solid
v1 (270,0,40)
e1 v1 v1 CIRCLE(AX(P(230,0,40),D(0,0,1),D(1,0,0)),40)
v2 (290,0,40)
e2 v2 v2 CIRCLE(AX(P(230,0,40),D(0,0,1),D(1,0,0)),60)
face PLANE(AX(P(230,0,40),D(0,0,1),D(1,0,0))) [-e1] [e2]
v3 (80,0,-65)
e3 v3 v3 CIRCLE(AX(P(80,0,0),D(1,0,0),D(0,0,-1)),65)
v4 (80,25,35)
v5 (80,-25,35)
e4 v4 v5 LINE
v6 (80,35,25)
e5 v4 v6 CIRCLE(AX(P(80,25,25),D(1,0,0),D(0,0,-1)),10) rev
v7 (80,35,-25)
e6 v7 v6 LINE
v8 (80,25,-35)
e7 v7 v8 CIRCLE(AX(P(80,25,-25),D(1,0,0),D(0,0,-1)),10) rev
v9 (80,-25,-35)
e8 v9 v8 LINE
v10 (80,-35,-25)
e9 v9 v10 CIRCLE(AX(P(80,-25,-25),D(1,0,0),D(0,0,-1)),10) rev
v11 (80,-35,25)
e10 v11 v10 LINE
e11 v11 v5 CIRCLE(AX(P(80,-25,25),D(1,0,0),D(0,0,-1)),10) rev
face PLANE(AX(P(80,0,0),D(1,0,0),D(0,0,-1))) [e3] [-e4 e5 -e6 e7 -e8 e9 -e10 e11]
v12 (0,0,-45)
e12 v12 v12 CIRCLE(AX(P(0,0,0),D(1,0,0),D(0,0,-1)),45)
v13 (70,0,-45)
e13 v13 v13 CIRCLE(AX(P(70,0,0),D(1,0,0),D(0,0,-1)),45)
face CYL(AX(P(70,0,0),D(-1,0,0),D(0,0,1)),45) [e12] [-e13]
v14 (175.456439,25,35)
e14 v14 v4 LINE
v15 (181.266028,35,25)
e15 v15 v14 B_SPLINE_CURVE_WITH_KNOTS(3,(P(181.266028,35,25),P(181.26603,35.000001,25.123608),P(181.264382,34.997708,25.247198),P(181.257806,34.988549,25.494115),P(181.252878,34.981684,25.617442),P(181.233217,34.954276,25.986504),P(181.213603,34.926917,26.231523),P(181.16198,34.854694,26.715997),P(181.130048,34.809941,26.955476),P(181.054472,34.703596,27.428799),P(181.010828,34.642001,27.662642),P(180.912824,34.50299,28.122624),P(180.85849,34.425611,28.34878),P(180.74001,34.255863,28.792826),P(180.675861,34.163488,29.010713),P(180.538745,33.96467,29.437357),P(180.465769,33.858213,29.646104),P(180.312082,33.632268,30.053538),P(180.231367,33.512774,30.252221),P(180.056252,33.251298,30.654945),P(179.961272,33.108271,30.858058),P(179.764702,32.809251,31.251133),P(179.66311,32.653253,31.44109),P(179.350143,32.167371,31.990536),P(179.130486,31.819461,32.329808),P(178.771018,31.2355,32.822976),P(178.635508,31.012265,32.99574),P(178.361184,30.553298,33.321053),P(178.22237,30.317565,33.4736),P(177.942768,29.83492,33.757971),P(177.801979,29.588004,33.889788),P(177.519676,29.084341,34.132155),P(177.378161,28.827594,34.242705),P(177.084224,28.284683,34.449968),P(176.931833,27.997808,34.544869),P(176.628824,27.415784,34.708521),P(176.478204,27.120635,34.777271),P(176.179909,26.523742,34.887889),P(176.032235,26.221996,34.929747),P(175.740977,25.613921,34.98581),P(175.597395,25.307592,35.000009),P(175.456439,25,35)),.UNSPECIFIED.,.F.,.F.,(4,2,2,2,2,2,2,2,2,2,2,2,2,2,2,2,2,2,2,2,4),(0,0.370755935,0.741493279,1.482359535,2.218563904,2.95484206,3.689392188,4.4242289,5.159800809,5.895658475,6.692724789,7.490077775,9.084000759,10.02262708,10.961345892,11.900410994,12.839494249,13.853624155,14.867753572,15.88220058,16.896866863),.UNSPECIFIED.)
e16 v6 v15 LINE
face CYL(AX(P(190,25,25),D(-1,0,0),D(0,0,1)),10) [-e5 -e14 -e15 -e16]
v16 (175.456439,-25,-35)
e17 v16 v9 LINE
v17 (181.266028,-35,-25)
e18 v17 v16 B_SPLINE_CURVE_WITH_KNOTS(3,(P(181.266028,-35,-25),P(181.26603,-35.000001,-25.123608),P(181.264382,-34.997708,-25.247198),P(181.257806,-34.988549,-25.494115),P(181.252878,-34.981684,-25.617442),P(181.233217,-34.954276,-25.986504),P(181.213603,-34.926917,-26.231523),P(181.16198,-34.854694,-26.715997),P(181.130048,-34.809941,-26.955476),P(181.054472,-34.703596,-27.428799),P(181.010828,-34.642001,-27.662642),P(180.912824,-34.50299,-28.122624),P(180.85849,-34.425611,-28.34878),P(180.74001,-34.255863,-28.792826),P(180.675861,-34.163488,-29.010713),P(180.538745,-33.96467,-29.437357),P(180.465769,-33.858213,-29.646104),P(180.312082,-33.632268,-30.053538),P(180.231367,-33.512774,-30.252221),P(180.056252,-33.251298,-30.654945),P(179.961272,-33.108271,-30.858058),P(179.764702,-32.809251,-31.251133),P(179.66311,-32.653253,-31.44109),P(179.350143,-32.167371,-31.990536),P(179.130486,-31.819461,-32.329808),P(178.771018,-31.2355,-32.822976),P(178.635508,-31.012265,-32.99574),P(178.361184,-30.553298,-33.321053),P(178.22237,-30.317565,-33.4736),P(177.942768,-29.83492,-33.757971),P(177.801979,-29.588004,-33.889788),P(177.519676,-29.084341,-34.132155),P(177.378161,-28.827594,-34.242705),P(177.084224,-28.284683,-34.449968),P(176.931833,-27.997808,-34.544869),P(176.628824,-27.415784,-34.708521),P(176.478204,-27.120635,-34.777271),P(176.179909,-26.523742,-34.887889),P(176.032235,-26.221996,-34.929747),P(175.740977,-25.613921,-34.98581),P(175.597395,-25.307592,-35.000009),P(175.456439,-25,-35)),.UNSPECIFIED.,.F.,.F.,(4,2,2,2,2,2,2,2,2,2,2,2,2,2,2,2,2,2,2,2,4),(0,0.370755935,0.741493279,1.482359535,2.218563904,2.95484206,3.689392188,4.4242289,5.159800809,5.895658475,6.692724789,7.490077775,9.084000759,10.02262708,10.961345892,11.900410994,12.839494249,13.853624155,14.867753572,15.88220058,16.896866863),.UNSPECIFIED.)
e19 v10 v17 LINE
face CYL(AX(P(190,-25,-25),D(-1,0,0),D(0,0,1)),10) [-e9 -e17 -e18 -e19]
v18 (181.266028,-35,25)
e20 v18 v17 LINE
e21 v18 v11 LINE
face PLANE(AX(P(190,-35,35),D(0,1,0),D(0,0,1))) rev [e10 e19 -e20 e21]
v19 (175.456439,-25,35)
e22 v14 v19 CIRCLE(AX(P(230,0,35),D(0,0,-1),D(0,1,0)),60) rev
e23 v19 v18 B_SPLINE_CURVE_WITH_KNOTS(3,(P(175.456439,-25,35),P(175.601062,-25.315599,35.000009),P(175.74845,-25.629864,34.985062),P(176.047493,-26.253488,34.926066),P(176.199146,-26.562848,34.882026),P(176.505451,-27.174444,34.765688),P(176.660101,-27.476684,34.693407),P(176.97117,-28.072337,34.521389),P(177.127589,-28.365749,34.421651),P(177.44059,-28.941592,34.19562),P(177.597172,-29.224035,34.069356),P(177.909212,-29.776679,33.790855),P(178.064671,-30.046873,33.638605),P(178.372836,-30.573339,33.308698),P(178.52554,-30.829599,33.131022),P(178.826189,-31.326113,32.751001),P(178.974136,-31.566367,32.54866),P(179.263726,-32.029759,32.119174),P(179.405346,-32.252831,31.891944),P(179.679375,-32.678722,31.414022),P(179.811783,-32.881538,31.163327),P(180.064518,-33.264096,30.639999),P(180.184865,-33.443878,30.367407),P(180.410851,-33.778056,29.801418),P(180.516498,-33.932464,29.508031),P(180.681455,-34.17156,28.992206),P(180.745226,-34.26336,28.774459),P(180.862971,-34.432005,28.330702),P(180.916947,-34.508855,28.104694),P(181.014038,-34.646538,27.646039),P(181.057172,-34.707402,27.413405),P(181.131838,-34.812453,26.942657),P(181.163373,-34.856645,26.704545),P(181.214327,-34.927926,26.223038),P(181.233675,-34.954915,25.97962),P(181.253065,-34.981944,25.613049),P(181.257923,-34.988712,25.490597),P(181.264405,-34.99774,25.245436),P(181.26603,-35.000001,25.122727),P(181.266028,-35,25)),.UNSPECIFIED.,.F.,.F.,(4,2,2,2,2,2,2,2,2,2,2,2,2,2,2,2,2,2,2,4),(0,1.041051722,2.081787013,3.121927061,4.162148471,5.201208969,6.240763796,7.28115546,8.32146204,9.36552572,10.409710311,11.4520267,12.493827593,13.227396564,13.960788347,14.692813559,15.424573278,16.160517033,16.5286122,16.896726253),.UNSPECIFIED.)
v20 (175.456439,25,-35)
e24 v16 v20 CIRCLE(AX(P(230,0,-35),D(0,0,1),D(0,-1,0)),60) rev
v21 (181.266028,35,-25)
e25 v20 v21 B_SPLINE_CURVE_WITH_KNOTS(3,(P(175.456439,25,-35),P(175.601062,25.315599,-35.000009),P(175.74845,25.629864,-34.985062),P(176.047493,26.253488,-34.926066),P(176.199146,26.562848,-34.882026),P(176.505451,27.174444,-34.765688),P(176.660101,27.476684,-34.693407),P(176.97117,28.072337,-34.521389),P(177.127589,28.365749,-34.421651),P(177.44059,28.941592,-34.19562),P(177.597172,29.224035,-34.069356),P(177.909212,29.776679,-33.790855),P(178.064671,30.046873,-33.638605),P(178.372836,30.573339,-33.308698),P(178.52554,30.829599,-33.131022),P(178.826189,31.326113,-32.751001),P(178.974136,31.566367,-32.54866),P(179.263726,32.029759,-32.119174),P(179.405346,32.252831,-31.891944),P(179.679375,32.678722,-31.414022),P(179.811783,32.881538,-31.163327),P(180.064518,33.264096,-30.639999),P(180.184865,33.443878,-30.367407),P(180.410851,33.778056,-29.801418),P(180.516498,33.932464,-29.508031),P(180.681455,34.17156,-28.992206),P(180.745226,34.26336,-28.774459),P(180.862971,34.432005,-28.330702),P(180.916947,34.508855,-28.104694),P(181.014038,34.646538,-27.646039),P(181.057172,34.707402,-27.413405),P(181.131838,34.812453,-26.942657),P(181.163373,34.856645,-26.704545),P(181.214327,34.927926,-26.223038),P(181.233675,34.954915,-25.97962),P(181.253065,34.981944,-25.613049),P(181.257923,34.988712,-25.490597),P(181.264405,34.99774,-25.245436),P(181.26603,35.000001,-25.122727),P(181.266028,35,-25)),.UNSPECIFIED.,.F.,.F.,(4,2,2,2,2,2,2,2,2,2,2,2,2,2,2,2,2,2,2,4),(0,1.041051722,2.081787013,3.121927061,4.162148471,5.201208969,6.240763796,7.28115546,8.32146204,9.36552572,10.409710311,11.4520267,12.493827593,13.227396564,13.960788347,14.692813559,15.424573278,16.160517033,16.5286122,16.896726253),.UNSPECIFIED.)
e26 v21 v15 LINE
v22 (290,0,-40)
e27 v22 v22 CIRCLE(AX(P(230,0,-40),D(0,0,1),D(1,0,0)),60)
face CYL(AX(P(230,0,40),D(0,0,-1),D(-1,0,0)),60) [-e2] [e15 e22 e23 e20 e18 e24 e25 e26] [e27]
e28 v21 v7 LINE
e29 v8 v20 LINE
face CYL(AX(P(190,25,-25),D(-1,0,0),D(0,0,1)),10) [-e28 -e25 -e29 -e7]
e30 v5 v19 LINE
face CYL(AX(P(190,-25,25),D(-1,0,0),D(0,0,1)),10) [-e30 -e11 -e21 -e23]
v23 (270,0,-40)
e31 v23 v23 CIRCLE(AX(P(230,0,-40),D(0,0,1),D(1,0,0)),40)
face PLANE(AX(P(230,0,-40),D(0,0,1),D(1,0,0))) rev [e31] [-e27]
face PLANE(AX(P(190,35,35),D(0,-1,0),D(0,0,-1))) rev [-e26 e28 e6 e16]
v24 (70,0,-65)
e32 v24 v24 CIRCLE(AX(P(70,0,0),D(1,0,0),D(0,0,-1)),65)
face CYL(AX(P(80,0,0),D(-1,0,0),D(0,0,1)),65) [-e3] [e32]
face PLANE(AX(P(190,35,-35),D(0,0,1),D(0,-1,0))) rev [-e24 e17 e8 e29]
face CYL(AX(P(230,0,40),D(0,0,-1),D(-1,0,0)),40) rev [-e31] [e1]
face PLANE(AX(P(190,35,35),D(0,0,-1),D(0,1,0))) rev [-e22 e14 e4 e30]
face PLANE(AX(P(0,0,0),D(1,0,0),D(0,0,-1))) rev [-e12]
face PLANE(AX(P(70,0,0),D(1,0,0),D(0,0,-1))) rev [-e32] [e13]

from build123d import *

# Parameters (mm, degrees)
SKETCH1_R           = 45
BOSS_EXTRUDE1_DEPTH = 70
SKETCH2_R           = 65
BOSS_EXTRUDE2_DEPTH = 10
SKETCH3_R           = 60
SKETCH3_R_2         = 40
BOSS_EXTRUDE3_DEPTH = 40
SKETCH4_W           = 70
SKETCH4_H           = 70
BOSS_EXTRUDE4_DEPTH = 110
FILLET1_R           = 10


with BuildPart() as part:
    # Sketch1 → Boss-Extrude1 (new body)
    with BuildSketch(Plane(origin=(0, 0, 0), x_dir=(0, 0, -1), z_dir=(1, 0, 0))):
        Circle(SKETCH1_R)
    extrude(amount=BOSS_EXTRUDE1_DEPTH)

    # Sketch2 → Boss-Extrude2 (add)
    with BuildSketch(Plane(origin=(70, 0, 0), x_dir=(0, 0, -1), z_dir=(1, 0, 0))):
        Circle(SKETCH2_R)
    extrude(amount=BOSS_EXTRUDE2_DEPTH)



with BuildPart() as body_2:
    # Sketch3 → Boss-Extrude3 (new, symmetric)
    with BuildSketch(Plane.XY):
        with Locations((230, 0)):
            Circle(SKETCH3_R)
        with Locations((230, 0)):
            Circle(SKETCH3_R_2, mode=Mode.SUBTRACT)
    extrude(amount=BOSS_EXTRUDE3_DEPTH, both=True)


with BuildPart() as part_1:
    add(part.part)

    add(body_2.part)  # Boss-Extrude4 merges body 2
    # Sketch4 → Boss-Extrude4 (add)
    with BuildSketch(Plane(origin=(80, 0, 0), x_dir=(0, 0, -1), z_dir=(1, 0, 0))):
        Rectangle(SKETCH4_W, SKETCH4_H)
    extrude(amount=BOSS_EXTRUDE4_DEPTH)

    # Fillet1
    fillet1_edges = [part_1.edges().sort_by_distance(p)[0] for p in [
        (130.633014138, -35, -35),
        (130.633014138, -35, 35),
        (130.633014138, 35, 35),
        (130.633014138, 35, -35),
    ]]
    fillet(fillet1_edges, radius=FILLET1_R)


solid = part_1.part
